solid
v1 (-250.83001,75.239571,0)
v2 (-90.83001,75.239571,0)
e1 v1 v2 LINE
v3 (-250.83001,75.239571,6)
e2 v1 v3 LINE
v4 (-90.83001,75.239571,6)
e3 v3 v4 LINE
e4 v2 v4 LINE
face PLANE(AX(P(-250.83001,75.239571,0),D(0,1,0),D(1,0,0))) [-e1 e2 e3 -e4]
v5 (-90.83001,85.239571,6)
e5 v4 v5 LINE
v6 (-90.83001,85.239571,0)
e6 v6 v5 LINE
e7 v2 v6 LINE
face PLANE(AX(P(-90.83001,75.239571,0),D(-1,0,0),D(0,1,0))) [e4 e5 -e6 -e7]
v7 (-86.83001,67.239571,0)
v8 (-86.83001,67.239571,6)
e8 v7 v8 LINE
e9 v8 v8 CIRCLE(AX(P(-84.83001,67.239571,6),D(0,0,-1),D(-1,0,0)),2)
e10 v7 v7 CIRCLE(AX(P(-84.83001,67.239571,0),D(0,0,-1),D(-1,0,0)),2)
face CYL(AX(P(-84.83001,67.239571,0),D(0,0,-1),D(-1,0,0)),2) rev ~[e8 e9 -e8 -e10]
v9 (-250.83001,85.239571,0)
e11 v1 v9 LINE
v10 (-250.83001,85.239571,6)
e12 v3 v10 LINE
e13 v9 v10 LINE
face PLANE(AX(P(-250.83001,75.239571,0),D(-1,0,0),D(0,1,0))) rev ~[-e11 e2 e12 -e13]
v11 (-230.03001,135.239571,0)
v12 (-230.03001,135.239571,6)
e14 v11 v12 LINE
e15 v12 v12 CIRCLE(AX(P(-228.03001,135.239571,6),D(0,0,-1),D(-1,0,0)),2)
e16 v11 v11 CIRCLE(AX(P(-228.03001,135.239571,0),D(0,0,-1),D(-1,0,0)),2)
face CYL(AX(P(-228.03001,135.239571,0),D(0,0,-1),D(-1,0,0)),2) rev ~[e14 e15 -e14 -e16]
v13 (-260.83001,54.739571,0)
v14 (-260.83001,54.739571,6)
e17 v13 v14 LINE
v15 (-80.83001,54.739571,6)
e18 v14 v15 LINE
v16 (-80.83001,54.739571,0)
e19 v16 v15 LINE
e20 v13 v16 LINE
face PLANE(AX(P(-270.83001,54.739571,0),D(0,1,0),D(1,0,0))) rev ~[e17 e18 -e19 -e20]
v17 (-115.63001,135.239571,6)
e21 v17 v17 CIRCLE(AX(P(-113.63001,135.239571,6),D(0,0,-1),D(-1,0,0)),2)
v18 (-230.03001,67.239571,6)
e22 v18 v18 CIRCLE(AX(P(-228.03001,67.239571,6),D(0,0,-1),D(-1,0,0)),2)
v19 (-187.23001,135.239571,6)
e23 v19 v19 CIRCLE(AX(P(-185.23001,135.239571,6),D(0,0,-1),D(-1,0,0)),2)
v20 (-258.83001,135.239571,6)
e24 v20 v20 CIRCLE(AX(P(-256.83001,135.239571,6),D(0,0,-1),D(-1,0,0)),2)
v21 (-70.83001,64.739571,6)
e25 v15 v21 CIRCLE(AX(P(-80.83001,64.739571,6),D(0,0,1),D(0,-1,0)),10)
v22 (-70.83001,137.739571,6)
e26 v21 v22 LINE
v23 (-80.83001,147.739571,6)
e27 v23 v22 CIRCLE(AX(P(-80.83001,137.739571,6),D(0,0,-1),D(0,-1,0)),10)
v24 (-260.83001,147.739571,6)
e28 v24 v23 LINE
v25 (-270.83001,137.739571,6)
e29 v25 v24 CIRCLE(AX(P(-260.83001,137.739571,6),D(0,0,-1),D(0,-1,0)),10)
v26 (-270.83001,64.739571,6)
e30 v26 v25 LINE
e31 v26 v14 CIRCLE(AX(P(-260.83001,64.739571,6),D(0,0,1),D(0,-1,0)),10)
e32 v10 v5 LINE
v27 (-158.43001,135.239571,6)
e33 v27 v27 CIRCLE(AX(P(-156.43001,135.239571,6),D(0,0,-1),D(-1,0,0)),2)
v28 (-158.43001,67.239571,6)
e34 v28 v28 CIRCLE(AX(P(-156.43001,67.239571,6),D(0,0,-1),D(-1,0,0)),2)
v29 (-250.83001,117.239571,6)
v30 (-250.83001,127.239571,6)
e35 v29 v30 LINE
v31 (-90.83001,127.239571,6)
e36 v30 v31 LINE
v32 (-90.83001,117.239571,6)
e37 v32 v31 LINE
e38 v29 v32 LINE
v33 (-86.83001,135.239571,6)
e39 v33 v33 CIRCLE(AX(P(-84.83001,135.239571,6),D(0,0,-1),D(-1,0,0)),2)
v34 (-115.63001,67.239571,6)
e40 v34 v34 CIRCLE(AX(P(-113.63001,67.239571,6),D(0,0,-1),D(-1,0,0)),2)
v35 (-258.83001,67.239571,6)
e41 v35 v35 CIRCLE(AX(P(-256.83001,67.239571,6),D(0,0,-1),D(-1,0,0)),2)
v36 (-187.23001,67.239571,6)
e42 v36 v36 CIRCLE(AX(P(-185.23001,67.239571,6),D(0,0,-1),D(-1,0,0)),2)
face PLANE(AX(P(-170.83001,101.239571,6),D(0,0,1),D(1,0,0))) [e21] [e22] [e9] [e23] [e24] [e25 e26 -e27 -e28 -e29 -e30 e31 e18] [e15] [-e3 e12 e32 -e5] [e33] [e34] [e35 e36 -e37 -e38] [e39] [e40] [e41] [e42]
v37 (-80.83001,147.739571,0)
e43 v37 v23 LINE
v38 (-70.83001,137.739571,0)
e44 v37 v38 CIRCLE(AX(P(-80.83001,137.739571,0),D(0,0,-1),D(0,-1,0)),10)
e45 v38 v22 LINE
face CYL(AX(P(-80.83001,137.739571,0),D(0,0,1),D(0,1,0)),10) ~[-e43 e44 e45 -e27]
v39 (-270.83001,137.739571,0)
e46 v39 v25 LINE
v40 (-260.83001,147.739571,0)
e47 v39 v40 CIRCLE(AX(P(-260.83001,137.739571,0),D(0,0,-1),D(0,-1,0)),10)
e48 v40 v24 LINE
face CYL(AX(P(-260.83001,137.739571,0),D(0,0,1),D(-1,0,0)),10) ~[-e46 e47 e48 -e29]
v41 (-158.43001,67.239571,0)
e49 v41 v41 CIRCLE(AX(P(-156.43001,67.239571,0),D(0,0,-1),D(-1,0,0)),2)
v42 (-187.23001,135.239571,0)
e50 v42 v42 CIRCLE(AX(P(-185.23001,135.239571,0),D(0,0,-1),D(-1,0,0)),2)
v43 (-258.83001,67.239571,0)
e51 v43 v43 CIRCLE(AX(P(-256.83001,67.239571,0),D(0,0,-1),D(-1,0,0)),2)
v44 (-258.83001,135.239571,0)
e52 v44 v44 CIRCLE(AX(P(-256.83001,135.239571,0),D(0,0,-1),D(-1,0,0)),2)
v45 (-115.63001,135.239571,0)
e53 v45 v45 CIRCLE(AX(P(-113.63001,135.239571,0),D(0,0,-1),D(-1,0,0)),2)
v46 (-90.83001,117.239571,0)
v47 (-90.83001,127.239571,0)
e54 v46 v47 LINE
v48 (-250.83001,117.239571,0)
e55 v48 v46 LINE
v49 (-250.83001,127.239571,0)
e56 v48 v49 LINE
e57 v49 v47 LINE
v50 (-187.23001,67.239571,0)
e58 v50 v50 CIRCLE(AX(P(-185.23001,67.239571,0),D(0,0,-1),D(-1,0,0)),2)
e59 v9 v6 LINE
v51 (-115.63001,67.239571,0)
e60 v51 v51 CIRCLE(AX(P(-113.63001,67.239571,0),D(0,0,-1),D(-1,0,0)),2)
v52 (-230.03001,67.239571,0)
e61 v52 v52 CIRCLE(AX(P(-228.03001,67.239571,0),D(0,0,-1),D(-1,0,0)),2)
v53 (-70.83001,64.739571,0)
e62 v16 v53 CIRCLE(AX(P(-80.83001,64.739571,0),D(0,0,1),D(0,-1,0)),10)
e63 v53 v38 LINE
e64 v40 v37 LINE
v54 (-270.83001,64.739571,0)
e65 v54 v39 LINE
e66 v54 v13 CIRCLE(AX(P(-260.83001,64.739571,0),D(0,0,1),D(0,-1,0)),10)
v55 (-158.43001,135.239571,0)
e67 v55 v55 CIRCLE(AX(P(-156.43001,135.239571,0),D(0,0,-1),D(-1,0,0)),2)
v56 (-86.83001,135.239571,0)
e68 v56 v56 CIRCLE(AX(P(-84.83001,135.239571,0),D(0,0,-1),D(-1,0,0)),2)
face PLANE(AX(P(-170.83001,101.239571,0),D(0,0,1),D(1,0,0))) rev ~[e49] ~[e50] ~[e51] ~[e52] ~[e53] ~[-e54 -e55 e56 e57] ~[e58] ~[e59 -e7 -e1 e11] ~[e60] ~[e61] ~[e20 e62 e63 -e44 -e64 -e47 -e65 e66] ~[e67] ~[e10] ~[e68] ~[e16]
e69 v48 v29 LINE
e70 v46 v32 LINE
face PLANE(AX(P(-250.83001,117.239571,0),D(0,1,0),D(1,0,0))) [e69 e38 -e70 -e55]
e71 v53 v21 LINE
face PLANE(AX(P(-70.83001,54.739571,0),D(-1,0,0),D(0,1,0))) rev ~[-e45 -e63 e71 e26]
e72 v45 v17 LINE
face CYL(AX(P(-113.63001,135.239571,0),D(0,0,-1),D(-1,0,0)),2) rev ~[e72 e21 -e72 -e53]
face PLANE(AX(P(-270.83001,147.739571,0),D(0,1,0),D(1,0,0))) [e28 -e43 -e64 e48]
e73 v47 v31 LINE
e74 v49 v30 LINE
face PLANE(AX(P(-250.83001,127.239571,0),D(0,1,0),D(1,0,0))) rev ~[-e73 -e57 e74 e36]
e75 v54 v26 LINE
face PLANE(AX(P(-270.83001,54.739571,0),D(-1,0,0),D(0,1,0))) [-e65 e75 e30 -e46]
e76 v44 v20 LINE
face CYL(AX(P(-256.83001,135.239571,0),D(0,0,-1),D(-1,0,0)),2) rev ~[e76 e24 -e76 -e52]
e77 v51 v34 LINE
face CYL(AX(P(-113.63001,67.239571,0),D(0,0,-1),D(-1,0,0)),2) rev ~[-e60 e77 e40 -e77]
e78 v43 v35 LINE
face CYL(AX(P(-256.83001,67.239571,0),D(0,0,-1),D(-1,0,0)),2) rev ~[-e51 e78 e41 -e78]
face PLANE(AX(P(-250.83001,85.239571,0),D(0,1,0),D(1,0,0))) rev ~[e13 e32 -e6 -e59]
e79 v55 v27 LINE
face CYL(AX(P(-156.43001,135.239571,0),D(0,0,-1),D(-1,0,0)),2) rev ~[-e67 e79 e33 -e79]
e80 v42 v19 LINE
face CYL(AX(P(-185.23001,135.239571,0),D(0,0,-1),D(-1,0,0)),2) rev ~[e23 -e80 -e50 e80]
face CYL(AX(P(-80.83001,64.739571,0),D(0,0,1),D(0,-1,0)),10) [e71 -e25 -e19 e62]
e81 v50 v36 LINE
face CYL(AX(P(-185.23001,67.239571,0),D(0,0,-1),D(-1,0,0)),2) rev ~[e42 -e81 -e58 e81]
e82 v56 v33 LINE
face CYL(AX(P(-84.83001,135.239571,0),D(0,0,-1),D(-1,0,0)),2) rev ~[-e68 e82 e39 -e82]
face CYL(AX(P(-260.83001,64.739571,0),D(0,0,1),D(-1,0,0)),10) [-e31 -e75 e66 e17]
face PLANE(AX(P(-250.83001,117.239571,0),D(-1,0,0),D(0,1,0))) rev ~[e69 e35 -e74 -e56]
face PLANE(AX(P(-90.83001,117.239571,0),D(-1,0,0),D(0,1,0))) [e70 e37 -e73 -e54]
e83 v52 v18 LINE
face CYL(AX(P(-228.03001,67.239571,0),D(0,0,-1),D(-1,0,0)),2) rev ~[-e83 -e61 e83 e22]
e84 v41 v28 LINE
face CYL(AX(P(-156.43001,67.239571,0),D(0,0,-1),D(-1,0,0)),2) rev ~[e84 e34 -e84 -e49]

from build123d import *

# Parameters (mm, degrees)
SKETCH_1_W          = 200
SKETCH_1_H          = 93
SKETCH_1_W_2        = 160
SKETCH_1_H_2        = 10
EXTRUDE_1_DEPTH     = 6
SKETCH_2_R          = 2
CUT_EXTRUDE_1_DEPTH = 6
FILLET_1_R          = 10


with BuildPart() as part:
    # 草圖1 → 填料-伸長1 (new body)
    with BuildSketch(Plane.XY):
        with Locations((-170.830010195, 101.23957139)):
            Rectangle(SKETCH_1_W, SKETCH_1_H)
        with Locations((-170.830010195, 122.23957139)):
            Rectangle(SKETCH_1_W_2, SKETCH_1_H_2, mode=Mode.SUBTRACT)
        with Locations((-170.830010195, 80.23957139)):
            Rectangle(SKETCH_1_W_2, SKETCH_1_H_2, mode=Mode.SUBTRACT)
    extrude(amount=EXTRUDE_1_DEPTH)

    # 草圖2 → 除料-伸長1 (cut)
    with BuildSketch(Plane(origin=(0, 0, 0), x_dir=(-1, 0, 0), z_dir=(0, 0, -1))):
        with Locations((84.830010195, 135.23957139)):
            Circle(SKETCH_2_R)
        with Locations((113.630010195, 135.23957139)):
            Circle(SKETCH_2_R)
        with Locations((156.430010195, 135.23957139)):
            Circle(SKETCH_2_R)
        with Locations((185.230010195, 135.23957139)):
            Circle(SKETCH_2_R)
        with Locations((228.030010195, 135.23957139)):
            Circle(SKETCH_2_R)
        with Locations((256.830010195, 135.23957139)):
            Circle(SKETCH_2_R)
        with Locations((84.830010195, 67.23957139)):
            Circle(SKETCH_2_R)
        with Locations((113.630010195, 67.23957139)):
            Circle(SKETCH_2_R)
        with Locations((156.430010195, 67.23957139)):
            Circle(SKETCH_2_R)
        with Locations((185.230010195, 67.23957139)):
            Circle(SKETCH_2_R)
        with Locations((228.030010195, 67.23957139)):
            Circle(SKETCH_2_R)
        with Locations((256.830010195, 67.23957139)):
            Circle(SKETCH_2_R)
    extrude(amount=-CUT_EXTRUDE_1_DEPTH, mode=Mode.SUBTRACT)

    # 圓角1
    fillet_1_edges = [part.edges().sort_by_distance(p)[0] for p in [
        (-70.830010195, 54.73957139, 3),
        (-270.830010195, 54.73957139, 3),
        (-270.830010195, 147.73957139, 3),
        (-70.830010195, 147.73957139, 3),
    ]]
    fillet(fillet_1_edges, radius=FILLET_1_R)


solid = part.part
